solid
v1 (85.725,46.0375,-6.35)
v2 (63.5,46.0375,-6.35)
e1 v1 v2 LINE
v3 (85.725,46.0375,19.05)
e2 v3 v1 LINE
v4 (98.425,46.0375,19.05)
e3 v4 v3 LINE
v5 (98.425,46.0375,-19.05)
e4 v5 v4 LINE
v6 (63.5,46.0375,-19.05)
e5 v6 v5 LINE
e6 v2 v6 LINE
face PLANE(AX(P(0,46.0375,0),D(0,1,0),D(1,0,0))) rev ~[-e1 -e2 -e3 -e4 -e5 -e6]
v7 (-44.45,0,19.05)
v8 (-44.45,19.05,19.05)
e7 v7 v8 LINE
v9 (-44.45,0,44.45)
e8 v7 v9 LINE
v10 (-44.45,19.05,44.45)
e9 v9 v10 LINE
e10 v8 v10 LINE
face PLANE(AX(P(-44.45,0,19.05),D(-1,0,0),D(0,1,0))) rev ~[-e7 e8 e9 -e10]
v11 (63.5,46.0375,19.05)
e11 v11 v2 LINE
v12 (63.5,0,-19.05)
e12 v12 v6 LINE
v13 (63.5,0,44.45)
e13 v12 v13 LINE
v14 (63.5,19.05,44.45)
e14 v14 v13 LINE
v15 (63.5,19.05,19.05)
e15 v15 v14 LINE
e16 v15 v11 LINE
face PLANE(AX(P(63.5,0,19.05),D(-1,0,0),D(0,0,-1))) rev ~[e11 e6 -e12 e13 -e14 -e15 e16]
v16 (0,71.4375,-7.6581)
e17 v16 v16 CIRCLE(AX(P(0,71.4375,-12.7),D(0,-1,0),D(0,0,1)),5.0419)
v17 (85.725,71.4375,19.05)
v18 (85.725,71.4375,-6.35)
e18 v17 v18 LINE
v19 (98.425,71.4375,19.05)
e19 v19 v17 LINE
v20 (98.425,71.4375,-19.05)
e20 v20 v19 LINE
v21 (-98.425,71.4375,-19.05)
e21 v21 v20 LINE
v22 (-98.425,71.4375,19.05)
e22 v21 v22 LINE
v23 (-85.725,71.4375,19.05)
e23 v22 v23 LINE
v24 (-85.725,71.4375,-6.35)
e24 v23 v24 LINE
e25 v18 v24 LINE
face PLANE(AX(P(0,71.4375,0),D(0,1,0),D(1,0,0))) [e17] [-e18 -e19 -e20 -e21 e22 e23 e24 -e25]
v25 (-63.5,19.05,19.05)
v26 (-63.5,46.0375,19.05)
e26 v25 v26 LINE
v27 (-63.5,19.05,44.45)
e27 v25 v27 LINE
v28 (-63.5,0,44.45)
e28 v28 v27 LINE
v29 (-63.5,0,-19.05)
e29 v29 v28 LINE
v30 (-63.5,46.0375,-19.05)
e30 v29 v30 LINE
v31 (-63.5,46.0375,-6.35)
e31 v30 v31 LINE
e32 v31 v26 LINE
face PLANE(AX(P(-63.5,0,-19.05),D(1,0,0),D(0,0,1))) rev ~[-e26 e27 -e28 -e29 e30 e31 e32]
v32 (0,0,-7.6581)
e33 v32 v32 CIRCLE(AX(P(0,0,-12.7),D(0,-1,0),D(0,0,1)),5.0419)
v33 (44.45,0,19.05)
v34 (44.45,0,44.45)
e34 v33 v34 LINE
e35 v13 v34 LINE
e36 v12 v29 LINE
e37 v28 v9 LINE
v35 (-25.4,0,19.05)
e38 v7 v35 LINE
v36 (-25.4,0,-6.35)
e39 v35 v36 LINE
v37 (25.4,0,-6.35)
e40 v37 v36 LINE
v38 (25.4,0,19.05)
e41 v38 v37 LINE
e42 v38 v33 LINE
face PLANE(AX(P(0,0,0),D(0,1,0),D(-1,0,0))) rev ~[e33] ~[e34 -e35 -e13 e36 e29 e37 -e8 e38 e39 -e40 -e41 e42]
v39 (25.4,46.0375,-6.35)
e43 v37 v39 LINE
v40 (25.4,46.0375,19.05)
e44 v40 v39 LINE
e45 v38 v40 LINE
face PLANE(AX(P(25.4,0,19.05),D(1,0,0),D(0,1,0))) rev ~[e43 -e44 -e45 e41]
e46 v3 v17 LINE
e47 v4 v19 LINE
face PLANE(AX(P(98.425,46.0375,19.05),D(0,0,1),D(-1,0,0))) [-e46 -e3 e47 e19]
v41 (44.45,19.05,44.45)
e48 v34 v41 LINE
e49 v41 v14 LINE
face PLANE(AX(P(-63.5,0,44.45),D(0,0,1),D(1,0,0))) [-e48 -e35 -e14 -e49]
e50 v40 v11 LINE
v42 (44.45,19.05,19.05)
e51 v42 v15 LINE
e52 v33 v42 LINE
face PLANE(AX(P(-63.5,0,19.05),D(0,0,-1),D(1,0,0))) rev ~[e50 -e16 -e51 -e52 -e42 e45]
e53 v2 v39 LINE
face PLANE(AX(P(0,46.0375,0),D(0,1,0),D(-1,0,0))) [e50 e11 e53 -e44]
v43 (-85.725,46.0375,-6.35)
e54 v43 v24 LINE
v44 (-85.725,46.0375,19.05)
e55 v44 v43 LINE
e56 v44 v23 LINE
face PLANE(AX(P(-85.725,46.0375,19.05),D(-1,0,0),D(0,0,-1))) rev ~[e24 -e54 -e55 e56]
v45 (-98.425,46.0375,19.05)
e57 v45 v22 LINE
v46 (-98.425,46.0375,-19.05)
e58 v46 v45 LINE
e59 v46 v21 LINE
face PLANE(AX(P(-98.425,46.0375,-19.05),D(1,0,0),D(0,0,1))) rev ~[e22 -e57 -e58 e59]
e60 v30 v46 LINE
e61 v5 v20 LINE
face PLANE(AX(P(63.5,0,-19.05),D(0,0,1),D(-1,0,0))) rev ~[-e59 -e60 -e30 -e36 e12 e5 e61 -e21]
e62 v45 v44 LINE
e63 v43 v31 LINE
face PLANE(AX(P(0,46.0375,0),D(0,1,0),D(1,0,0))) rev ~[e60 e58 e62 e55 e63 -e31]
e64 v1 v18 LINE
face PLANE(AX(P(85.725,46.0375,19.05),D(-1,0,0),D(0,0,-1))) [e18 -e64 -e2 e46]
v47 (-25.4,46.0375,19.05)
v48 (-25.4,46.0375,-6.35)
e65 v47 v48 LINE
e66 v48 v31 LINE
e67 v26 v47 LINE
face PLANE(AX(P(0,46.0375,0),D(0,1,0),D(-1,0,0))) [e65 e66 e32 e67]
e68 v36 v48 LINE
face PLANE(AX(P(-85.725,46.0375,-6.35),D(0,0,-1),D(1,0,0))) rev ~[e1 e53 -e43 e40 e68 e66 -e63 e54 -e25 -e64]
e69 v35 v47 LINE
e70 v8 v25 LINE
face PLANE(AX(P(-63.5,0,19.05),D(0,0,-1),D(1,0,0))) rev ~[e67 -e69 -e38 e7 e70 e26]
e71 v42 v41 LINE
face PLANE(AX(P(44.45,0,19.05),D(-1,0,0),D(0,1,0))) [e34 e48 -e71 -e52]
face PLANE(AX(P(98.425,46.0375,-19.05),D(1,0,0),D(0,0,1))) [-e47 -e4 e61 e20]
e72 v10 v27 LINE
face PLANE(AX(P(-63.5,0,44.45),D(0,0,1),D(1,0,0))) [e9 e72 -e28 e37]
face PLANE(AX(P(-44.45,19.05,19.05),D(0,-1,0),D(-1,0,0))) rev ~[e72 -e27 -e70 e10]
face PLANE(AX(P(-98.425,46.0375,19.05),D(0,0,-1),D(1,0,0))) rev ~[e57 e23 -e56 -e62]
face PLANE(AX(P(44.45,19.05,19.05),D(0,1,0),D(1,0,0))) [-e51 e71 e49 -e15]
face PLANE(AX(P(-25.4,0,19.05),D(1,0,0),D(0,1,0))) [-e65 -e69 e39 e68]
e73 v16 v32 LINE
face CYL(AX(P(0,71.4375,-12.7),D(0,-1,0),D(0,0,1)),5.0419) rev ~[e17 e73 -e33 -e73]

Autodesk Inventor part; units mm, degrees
ref_plane "YZ Plane" through (0, 0, 0) normal (1, 0, 0) x (0, 1, 0)
ref_plane "XZ Plane" through (0, 0, 0) normal (0, 1, 0) x (-1, 0, 0)
ref_plane "XY Plane" through (0, 0, 0) normal (0, 0, 1) x (1, 0, 0)
sketch "Sketch1" plane through (0, 0, 0) normal (0, 1, 0) x (-1, 0, 0)
  line L0 (63.5, 19.05) -> (-63.5, 19.05)
  line L1 (-63.5, 19.05) -> (-63.5, -19.05)
  line L2 (-63.5, -19.05) -> (63.5, -19.05)
  line L3 (63.5, -19.05) -> (63.5, 19.05)
  line L4 (63.5, 19.05) -> (-63.5, -19.05) construction
  line L5 (-63.5, 19.05) -> (63.5, -19.05) construction
  point P0 (0, 0)
  dimension "baseLength" = 127
  dimension "width" = 38.1
extrude "Extrusion1" add sketch "Sketch1" along normal blind 46.0375
sketch "Sketch6" plane through (0, 46.0375, 0) normal (0, 1, 0) x (1, 0, 0)
  line L0 (0, 19.05) -> (-98.425, 19.05)
  line L1 (-98.425, 19.05) -> (-98.425, -19.05)
  line L2 (-98.425, -19.05) -> (-85.725, -19.05)
  line L3 (-85.725, -19.05) -> (-85.725, 6.35)
  line L4 (-85.725, 6.35) -> (0, 6.35)
  line L5 (0, 19.05) -> (0, 6.35) construction
  line L6 (0, 19.05) -> (98.425, 19.05)
  line L7 (98.425, 19.05) -> (98.425, -19.05)
  line L8 (98.425, -19.05) -> (85.725, -19.05)
  line L9 (85.725, -19.05) -> (85.725, 6.35)
  line L10 (85.725, 6.35) -> (0, 6.35)
  line L11 (63.5, 19.05) -> (-63.5, 19.05) construction
  line L12 (-63.5, 19.05) -> (63.5, 19.05) construction
  point P0 (0, 0)
  dimension "d29" = 98.425
  dimension "d30" = 38.1
  dimension "d31" = 12.7
  dimension "interiorWidthForBattery" = 25.4
extrude "Extrusion4" add sketch "Sketch6" along normal blind 25.4
sketch "Sketch7" plane through (-63.5, 0, 19.05) normal (0, 0, 1) x (1, 0, 0)
  line L0 (63.5, 0) -> (63.5, 46.0375) construction
  line L1 (0, 46.0375) -> (127, 46.0375) construction
  line L2 (0, 0) -> (0, 46.0375) projected
  line L3 (0, 0) -> (19.05, 0)
  line L4 (19.05, 0) -> (19.05, 19.05)
  line L5 (19.05, 19.05) -> (0, 19.05)
  line L6 (0, 19.05) -> (0, 0)
  line L7 (127, 0) -> (107.95, 0)
  line L8 (107.95, 0) -> (107.95, 19.05)
  line L9 (107.95, 19.05) -> (127, 19.05)
  line L10 (127, 19.05) -> (127, 0)
  dimension "d35" = 19.05
  dimension "d47" = 19.05
  dimension "d48" = 19.05
  dimension "d49" = 19.05
extrude "Extrusion5" add sketch "Sketch7" along normal blind 25.4
sketch "Sketch8" plane through (0, 71.4375, 0) normal (0, 1, 0) x (1, 0, 0)
  line L0 (98.425, 19.05) -> (-98.425, 19.05) projected
  point P0 (0, 0)
  point P1 (0, 12.7)
  dimension "d39" = 6.35
hole "Hole2" at (0, 71.4375, -12.7) direction (0, -1, 0) diameter 10.0838 end through all clearance for "Flat Head Machine Screw (82)" size "3/8" standard "Ansi Unified Screw Threads"
sketch "Sketch9" plane through (-63.5, 46.0375, 19.05) normal (0, 0, 1) x (1, 0, 0)
  line L0 (0, 0) -> (127, 0) construction
  line L1 (63.5, -46.0375) -> (38.1, -46.0375)
  line L2 (38.1, -46.0375) -> (38.1, 0)
  line L3 (38.1, 0) -> (63.5, 0)
  line L4 (63.5, -46.0375) -> (63.5, 0) construction
  line L5 (19.05, -46.0375) -> (107.95, -46.0375) construction
  line L6 (127, 0) -> (0, 0) construction
  line L7 (127, 0) -> (0, 0) construction
  line L8 (63.5, -46.0375) -> (88.9, -46.0375)
  line L9 (88.9, -46.0375) -> (88.9, 0)
  line L10 (88.9, 0) -> (63.5, 0)
extrude "Extrusion6" cut sketch "Sketch9" against normal blind 25.4
equation "\"d29\" = batterySupportWall + 0.5 * widthForBattery"
equation "\"d30\" = exteriorWidthForBattery"
equation "\"d31\" = batterySupportWall"
equation "\"widthForBattery\" = 171.45"
equation "\"sideLenghtForBattery\" = 25.4"
equation "\"exteriorWidthForBattery\" = 38.1"
equation "\"batterySupportWall\" = 12.7"
properties part number "BatteryHolder"
